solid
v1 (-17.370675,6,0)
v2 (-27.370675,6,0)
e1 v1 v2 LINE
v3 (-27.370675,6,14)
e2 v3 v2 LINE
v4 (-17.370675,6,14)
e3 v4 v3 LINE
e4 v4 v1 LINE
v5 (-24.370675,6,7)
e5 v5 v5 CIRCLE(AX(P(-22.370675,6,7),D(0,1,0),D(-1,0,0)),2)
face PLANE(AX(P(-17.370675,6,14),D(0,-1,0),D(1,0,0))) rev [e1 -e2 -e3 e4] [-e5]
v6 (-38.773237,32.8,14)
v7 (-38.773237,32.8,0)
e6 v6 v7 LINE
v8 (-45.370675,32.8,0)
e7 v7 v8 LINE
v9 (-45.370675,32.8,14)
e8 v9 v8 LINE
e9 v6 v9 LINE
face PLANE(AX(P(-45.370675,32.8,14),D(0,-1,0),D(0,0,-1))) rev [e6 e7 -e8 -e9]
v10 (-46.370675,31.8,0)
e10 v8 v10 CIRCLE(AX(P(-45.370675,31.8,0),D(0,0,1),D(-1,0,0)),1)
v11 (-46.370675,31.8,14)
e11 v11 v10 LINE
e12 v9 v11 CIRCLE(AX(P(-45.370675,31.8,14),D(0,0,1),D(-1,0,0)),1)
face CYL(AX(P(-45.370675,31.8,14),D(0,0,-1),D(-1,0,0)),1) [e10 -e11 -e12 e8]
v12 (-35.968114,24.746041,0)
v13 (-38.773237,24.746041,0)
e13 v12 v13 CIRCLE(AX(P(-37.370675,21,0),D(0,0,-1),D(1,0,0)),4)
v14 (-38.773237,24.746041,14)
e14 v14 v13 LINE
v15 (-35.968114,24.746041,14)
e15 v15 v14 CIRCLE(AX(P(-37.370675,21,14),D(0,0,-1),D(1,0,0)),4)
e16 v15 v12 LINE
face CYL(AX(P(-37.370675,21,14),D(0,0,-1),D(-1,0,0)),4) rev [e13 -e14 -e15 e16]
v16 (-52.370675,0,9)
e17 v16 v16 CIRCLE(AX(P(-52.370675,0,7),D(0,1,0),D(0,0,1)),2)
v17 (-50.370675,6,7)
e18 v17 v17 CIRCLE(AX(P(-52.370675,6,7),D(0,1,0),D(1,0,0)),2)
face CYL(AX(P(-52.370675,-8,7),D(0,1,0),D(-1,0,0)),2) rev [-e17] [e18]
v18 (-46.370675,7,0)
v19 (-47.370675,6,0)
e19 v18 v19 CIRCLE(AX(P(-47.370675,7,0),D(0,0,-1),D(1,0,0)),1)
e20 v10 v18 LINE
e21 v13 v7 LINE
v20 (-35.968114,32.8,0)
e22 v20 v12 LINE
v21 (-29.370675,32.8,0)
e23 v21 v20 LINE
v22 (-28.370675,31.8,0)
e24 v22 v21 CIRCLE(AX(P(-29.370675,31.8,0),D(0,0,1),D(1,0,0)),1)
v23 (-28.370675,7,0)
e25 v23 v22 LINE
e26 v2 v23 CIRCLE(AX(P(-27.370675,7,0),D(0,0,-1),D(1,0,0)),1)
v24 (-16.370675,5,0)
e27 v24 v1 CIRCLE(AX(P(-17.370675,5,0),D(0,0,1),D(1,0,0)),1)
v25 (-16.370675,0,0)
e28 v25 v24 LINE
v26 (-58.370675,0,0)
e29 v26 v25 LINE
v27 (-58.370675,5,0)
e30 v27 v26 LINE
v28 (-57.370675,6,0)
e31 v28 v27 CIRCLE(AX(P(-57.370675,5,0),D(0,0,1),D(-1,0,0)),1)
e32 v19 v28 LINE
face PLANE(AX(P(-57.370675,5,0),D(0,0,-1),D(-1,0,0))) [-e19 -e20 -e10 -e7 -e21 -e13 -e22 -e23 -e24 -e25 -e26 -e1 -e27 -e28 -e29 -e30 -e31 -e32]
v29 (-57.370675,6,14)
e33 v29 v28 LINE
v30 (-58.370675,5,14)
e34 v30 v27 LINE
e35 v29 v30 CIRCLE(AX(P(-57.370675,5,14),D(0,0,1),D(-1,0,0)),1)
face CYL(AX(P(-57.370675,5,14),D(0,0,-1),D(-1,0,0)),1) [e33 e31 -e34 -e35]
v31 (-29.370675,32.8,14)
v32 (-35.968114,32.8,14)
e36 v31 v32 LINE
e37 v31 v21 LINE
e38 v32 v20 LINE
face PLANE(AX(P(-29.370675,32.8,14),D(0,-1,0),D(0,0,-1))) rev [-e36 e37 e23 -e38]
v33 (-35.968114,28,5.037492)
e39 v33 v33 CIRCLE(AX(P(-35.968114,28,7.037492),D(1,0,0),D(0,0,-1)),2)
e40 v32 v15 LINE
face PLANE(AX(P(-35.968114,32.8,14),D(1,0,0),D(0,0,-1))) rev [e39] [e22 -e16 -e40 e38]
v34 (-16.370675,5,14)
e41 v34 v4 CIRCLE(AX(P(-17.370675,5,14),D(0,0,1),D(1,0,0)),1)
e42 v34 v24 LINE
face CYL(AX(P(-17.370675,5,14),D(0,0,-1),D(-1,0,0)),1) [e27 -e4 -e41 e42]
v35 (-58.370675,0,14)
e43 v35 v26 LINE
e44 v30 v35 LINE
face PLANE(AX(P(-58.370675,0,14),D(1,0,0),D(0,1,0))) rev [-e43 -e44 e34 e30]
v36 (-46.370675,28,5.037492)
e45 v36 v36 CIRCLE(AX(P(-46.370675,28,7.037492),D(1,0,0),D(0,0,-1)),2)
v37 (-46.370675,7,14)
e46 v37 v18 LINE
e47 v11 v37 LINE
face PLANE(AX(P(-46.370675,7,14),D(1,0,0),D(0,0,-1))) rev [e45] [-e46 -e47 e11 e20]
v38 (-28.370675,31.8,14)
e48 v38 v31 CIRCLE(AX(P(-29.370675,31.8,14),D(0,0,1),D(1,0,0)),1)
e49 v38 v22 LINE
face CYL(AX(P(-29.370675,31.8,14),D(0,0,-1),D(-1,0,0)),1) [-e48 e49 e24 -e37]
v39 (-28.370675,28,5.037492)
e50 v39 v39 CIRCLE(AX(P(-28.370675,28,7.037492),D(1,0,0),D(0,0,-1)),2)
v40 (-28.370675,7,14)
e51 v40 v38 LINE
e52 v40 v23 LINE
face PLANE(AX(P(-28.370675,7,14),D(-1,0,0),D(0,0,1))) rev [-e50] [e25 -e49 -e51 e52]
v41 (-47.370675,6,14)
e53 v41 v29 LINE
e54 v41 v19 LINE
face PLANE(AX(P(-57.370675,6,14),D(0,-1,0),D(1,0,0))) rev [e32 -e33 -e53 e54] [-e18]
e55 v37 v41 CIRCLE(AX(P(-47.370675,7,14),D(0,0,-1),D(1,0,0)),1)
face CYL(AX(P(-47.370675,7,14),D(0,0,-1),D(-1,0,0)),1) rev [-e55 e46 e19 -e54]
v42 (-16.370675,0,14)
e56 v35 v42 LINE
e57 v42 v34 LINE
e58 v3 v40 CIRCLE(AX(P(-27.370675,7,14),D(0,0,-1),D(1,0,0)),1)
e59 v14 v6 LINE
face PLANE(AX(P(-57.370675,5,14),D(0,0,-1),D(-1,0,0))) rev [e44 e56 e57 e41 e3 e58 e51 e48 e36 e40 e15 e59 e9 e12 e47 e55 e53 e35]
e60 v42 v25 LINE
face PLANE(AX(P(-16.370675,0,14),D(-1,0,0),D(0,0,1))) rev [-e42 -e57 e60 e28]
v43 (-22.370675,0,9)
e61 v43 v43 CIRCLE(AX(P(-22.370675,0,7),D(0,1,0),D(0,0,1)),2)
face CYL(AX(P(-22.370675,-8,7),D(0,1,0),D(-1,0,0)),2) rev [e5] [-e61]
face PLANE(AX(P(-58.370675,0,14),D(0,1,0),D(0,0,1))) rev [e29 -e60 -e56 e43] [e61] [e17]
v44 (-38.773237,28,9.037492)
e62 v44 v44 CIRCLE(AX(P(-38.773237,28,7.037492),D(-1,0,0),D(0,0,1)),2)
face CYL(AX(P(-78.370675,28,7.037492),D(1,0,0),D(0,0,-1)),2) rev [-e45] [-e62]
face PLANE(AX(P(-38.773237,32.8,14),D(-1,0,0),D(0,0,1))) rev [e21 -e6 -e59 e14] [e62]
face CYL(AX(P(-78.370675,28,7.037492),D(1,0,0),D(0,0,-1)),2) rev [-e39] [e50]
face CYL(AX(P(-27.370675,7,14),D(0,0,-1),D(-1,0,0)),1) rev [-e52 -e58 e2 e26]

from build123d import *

# Parameters (mm, degrees)
Y_KSEKLIK_EKSTR_ZYON1_DEPTH = 14
IZIM2_R                     = 2
KES_EKSTR_ZYON1_DEPTH       = 14
IZIM3_R                     = 2
KES_EKSTR_ZYON2_DEPTH       = 50


with BuildPart() as part:
    # Çizim1 → Yükseklik-Ekstrüzyon1 (new body)
    with BuildSketch(Plane.XY):
        with BuildLine():
            Line((-58.370675481, 0), (-16.370675481, 0))
            Line((-16.370675481, 0), (-16.370675481, 5))
            ThreePointArc((-16.370675481, 5), (-16.663568699, 5.707106781), (-17.370675481, 6))
            Line((-17.370675481, 6), (-27.370675481, 6))
            ThreePointArc((-27.370675481, 6), (-28.077782262, 6.292893219), (-28.370675481, 7))
            Line((-28.370675481, 7), (-28.370675481, 31.8))
            ThreePointArc((-28.370675481, 31.8), (-28.663568699, 32.507106781), (-29.370675481, 32.8))
            Line((-29.370675481, 32.8), (-35.968113831, 32.8))
            Line((-35.968113831, 32.8), (-35.968113831, 24.746040686))
            ThreePointArc((-35.968113831, 24.746040686), (-37.370675481, 17), (-38.77323713, 24.746040686))
            Line((-38.77323713, 24.746040686), (-38.77323713, 32.8))
            Line((-38.77323713, 32.8), (-45.370675481, 32.8))
            ThreePointArc((-45.370675481, 32.8), (-46.077782262, 32.507106781), (-46.370675481, 31.8))
            Line((-46.370675481, 31.8), (-46.370675481, 7))
            ThreePointArc((-46.370675481, 7), (-46.663568699, 6.292893219), (-47.370675481, 6))
            Line((-47.370675481, 6), (-57.370675481, 6))
            ThreePointArc((-57.370675481, 6), (-58.077782262, 5.707106781), (-58.370675481, 5))
            Line((-58.370675481, 5), (-58.370675481, 0))
        make_face()
    extrude(amount=Y_KSEKLIK_EKSTR_ZYON1_DEPTH)

    # Çizim2 → Kes-Ekstrüzyon1 (cut)
    with BuildSketch(Plane(origin=(0, 6, 0), x_dir=(1, 0, 0), z_dir=(0, 1, 0))):
        with Locations((-22.370675481, -7)):
            Circle(IZIM2_R)
        with Locations((-52.370675481, -7)):
            Circle(IZIM2_R)
    extrude(amount=-KES_EKSTR_ZYON1_DEPTH, mode=Mode.SUBTRACT)

    # Çizim3 → Kes-Ekstrüzyon2 (cut)
    with BuildSketch(Plane(origin=(-28.370675481, 0, 0), x_dir=(0, 0, -1), z_dir=(1, 0, 0))):
        with Locations((-7.037491544, 28)):
            Circle(IZIM3_R)
    extrude(amount=-KES_EKSTR_ZYON2_DEPTH, mode=Mode.SUBTRACT)


solid = part.part
